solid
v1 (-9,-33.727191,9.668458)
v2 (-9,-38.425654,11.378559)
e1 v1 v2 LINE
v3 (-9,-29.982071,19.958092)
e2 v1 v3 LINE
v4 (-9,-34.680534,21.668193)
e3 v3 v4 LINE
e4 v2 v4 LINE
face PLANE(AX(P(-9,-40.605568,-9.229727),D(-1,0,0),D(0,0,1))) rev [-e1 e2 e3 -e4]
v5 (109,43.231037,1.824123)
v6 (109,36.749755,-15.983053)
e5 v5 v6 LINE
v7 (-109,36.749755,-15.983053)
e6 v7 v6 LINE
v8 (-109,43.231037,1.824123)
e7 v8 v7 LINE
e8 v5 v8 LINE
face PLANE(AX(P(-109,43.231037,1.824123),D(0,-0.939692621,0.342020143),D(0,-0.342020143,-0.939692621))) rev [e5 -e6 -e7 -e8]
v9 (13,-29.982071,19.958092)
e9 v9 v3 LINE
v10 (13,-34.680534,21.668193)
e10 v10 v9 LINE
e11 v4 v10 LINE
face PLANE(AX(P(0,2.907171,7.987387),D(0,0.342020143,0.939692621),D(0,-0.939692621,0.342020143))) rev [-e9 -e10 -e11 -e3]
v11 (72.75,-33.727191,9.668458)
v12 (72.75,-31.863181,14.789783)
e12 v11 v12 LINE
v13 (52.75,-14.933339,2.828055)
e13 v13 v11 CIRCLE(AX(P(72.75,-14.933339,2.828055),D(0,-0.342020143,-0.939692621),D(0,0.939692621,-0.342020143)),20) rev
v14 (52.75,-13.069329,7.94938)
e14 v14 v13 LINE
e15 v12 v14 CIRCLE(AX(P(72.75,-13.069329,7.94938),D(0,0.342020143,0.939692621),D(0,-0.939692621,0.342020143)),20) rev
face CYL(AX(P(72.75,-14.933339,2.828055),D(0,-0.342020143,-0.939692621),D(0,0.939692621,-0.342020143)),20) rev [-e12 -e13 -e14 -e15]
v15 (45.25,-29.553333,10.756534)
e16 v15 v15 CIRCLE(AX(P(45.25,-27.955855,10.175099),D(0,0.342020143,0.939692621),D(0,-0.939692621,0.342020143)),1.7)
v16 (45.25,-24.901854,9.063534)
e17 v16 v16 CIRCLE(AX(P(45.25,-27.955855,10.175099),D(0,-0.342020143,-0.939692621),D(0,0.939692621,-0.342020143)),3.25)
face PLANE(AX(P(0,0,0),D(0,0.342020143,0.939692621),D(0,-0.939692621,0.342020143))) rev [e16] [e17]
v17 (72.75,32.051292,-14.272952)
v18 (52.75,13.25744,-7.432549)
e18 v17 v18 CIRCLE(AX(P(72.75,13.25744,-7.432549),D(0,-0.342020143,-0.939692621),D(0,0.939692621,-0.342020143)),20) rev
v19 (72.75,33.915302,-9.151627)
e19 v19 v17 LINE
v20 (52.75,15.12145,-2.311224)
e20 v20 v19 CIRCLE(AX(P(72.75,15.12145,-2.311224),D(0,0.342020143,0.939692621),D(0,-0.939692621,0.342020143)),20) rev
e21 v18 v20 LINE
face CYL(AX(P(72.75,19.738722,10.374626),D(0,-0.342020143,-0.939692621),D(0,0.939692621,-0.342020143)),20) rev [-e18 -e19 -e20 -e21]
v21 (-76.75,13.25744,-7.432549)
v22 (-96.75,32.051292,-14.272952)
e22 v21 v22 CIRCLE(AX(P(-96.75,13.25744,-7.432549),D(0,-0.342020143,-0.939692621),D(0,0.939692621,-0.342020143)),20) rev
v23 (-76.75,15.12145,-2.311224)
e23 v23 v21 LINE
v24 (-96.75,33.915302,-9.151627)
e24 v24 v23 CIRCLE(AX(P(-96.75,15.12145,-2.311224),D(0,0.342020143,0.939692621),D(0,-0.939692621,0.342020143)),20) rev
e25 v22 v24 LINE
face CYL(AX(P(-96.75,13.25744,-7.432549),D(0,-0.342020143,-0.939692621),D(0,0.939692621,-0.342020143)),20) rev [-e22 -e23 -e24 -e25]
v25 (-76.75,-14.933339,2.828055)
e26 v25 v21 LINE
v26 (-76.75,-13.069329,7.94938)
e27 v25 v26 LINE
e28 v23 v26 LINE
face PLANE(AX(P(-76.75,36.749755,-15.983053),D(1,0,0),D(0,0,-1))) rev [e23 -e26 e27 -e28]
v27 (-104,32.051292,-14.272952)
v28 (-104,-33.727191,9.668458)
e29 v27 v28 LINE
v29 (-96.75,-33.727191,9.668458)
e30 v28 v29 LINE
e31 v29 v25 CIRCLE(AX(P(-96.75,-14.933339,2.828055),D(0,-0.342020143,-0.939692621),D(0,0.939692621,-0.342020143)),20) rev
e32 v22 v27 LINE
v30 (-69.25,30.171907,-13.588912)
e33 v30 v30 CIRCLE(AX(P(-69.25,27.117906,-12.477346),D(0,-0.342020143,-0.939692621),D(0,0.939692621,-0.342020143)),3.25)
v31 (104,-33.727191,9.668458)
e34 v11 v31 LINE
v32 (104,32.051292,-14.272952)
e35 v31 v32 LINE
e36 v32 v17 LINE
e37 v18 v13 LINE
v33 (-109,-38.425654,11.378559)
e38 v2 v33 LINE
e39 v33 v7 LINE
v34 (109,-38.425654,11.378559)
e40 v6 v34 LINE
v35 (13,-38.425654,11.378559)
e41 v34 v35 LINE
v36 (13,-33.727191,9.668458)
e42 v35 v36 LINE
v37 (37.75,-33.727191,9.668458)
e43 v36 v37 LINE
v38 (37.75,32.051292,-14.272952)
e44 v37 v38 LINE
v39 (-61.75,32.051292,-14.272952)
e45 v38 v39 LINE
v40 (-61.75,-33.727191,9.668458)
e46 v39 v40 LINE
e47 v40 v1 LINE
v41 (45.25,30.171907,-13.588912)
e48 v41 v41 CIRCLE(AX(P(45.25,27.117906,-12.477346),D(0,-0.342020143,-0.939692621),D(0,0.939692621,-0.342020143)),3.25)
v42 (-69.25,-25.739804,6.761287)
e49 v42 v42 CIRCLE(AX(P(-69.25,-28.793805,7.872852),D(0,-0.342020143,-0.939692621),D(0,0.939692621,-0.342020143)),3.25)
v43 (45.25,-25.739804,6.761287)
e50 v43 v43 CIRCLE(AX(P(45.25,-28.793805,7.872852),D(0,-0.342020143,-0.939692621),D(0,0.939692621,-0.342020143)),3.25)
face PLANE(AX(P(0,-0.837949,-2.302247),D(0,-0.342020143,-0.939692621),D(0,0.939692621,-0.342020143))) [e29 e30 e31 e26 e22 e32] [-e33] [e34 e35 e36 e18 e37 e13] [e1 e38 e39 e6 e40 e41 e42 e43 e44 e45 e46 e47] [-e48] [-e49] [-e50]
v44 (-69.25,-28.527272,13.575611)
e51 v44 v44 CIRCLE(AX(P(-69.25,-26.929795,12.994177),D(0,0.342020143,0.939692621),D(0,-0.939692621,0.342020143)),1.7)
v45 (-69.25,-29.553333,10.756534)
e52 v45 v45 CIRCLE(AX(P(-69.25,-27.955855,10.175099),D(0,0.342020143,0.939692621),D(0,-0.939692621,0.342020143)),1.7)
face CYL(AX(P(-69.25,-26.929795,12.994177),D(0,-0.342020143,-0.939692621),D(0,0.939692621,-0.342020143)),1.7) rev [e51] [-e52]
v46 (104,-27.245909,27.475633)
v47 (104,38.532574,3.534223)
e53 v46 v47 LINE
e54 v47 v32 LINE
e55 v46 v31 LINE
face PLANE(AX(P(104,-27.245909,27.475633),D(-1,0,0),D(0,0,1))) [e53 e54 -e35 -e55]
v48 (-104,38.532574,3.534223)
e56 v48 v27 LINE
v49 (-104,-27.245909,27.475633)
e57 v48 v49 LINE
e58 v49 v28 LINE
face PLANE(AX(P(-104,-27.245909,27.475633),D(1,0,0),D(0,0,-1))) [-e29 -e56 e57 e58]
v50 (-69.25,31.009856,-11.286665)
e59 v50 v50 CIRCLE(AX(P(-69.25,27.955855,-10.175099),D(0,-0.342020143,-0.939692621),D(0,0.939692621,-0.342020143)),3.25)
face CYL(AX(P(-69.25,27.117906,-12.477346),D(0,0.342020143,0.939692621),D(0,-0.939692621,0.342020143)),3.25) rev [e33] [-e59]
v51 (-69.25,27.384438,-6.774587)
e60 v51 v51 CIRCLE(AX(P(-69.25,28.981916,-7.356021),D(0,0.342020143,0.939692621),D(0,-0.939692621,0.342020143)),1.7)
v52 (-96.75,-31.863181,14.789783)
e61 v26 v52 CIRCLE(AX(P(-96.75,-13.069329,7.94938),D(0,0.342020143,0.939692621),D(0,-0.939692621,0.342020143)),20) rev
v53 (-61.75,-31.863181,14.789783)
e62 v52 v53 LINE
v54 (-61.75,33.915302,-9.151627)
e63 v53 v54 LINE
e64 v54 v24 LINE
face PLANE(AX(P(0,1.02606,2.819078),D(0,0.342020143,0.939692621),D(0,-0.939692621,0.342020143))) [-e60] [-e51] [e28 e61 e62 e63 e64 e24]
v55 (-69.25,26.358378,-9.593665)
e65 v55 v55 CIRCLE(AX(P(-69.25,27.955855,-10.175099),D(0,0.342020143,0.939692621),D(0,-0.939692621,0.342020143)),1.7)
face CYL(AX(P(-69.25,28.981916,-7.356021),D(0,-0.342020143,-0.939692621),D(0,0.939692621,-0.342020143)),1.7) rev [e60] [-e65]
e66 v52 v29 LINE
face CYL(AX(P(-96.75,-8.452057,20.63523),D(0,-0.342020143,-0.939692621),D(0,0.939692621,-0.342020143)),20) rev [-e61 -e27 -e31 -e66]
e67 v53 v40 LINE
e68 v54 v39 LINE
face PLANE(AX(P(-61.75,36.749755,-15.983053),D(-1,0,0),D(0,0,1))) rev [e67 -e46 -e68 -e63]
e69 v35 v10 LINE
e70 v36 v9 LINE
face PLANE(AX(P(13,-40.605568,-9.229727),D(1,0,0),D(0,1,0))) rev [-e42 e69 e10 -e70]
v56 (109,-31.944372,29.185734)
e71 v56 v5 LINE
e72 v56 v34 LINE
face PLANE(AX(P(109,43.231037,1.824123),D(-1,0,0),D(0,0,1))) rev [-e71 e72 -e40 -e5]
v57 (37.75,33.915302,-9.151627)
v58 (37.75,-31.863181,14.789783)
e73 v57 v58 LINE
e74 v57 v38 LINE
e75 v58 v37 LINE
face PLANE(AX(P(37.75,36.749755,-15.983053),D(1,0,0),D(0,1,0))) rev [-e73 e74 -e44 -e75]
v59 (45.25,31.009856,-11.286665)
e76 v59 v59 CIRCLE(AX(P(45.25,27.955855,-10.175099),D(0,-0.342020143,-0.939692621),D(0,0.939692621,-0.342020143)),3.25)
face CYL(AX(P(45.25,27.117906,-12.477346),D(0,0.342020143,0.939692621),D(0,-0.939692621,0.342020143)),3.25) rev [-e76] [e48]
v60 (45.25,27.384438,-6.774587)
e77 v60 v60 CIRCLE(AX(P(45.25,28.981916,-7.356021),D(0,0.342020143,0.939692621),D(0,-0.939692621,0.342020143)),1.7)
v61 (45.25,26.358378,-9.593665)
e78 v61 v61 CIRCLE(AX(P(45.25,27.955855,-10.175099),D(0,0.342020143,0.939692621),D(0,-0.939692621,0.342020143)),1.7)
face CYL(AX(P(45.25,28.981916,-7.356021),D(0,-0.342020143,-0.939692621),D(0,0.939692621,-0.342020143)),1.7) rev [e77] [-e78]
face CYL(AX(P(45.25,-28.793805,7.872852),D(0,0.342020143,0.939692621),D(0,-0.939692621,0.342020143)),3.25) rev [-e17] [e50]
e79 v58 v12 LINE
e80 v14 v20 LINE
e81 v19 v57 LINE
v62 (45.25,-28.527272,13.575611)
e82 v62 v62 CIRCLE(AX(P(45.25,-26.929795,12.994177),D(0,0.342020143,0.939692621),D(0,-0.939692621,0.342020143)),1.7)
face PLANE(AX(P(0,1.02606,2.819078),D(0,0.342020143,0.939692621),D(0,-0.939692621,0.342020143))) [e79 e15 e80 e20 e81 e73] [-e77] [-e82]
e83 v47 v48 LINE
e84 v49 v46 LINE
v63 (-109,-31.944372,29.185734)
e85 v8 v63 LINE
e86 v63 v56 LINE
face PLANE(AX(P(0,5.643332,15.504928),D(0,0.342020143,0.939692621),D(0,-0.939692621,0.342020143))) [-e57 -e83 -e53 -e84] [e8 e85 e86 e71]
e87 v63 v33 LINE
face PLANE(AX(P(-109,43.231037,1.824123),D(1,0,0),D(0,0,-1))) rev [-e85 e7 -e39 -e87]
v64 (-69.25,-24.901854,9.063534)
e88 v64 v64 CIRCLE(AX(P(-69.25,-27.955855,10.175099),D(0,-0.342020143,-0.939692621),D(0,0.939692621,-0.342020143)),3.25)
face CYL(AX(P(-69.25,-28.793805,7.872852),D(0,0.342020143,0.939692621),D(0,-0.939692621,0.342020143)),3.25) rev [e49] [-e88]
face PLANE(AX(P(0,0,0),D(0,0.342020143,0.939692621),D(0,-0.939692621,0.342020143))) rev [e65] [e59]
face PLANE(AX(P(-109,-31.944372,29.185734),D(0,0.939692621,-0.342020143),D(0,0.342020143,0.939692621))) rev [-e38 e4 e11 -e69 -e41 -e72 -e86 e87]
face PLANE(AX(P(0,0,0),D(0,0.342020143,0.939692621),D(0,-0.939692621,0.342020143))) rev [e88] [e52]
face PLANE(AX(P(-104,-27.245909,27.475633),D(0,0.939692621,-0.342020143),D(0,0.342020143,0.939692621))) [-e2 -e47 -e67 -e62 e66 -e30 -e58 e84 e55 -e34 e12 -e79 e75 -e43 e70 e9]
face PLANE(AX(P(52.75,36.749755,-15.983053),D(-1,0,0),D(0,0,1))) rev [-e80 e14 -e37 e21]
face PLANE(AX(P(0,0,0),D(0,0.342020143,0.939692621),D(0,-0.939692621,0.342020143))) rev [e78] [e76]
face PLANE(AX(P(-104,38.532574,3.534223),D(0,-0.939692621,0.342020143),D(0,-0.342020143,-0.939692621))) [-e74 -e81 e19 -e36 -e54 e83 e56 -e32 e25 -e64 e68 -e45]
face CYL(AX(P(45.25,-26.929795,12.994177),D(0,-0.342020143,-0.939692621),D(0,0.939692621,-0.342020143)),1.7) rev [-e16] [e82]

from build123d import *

# Parameters (mm, degrees)
ESQUISSE1_W             = 218
ESQUISSE1_H             = 80
ESQUISSE1_W_2           = 208
ESQUISSE1_H_2           = 70
BOSS_EXTRU_1_DEPTH      = 16.5
ESQUISSE2_W             = 15
ESQUISSE2_H             = 80
ESQUISSE2_R             = 3.25
BOSS_EXTRU_2_DEPTH      = 2.45
ESQUISSE3_W             = 22
ESQUISSE3_H             = 5
ENL_V_MAT_EXTRU_1_DEPTH = 16.5
ESQUISSE4_W             = 15
ESQUISSE4_H             = 70
ESQUISSE4_R             = 1.7
BOSS_EXTRU_3_DEPTH      = 3
CONG_1_R                = 20
ESQUISSE7_W             = 22
ESQUISSE7_H             = 5
BOSS_EXTRU_5_DEPTH      = 8
ESQUISSE8_W             = 52.75
ESQUISSE8_H             = 5
ESQUISSE8_W_2           = 24.75
ESQUISSE8_W_3           = 99.5
BOSS_EXTRU_6_DEPTH      = 2.45


with BuildPart() as part:
    # Esquisse1 → Boss.-Extru.1 (new body)
    with BuildSketch(Plane(origin=(0, 0, 0), x_dir=(1, 0, 0), z_dir=(0, 0.342020143, 0.939692621))):
        Rectangle(ESQUISSE1_W, ESQUISSE1_H)
        Rectangle(ESQUISSE1_W_2, ESQUISSE1_H_2, mode=Mode.SUBTRACT)
    extrude(amount=BOSS_EXTRU_1_DEPTH)

    # Esquisse2 → Boss.-Extru.2 (add)
    with BuildSketch(Plane(origin=(0, 0, 0), x_dir=(-1, 0, 0), z_dir=(0, -0.342020143, -0.939692621))):
        with Locations((-45.25, 0)):
            Rectangle(ESQUISSE2_W, ESQUISSE2_H)
        with Locations((-45.25, 29.75)):
            Circle(ESQUISSE2_R, mode=Mode.SUBTRACT)
        with Locations((-45.25, -29.75)):
            Circle(ESQUISSE2_R, mode=Mode.SUBTRACT)
        with Locations((69.25, 0)):
            Rectangle(ESQUISSE2_W, ESQUISSE2_H)
        with Locations((69.25, 29.75)):
            Circle(ESQUISSE2_R, mode=Mode.SUBTRACT)
        with Locations((69.25, -29.75)):
            Circle(ESQUISSE2_R, mode=Mode.SUBTRACT)
    extrude(amount=BOSS_EXTRU_2_DEPTH)

    # Esquisse3 → Enlèv. mat.-Extru.1 (cut)
    with BuildSketch(Plane(origin=(0, 5.643332365, 15.504928243), x_dir=(1, 0, 0), z_dir=(0, 0.342020143, 0.939692621))):
        with Locations((2, -37.5)):
            Rectangle(ESQUISSE3_W, ESQUISSE3_H)
    extrude(amount=-ENL_V_MAT_EXTRU_1_DEPTH, mode=Mode.SUBTRACT)

    # Esquisse4 → Boss.-Extru.3 (add)
    with BuildSketch(Plane(origin=(0, 0, 0), x_dir=(1, 0, 0), z_dir=(0, 0.342020143, 0.939692621))):
        with Locations((45.25, 0)):
            Rectangle(ESQUISSE4_W, ESQUISSE4_H)
        with Locations((45.25, -29.75)):
            Circle(ESQUISSE4_R, mode=Mode.SUBTRACT)
        with Locations((45.25, 29.75)):
            Circle(ESQUISSE4_R, mode=Mode.SUBTRACT)
        with Locations((-69.25, 0)):
            Rectangle(ESQUISSE4_W, ESQUISSE4_H)
        with Locations((-69.25, 29.75)):
            Circle(ESQUISSE4_R, mode=Mode.SUBTRACT)
        with Locations((-69.25, -29.75)):
            Circle(ESQUISSE4_R, mode=Mode.SUBTRACT)
    extrude(amount=BOSS_EXTRU_3_DEPTH)

    # Congé1
    cong_1_edges = [part.edges().sort_by_distance(p)[0] for p in [
        (52.75, -32.376211513, 13.380243948),
        (52.75, 33.402271942, -10.561166085),
        (-76.75, 33.402271942, -10.561166085),
        (-76.75, -32.376211513, 13.380243948),
    ]]
    fillet(cong_1_edges, radius=CONG_1_R)

    # Esquisse7 → Boss.-Extru.5 (add)
    with BuildSketch(Plane(origin=(0, 5.643332365, 15.504928243), x_dir=(1, 0, 0), z_dir=(0, 0.342020143, 0.939692621))):
        with Locations((2, -37.5)):
            Rectangle(ESQUISSE7_W, ESQUISSE7_H)
    extrude(amount=-BOSS_EXTRU_5_DEPTH)

    # Esquisse8 → Boss.-Extru.6 (add)
    with BuildSketch(Plane(origin=(0, 0, 0), x_dir=(-1, 0, 0), z_dir=(0, -0.342020143, -0.939692621))):
        with BuildLine():
            Line((76.75, -15), (76.75, -40))
            Line((76.75, -40), (109, -40))
            Line((109, -40), (109, 40))
            Line((109, 40), (76.75, 40))
            Line((76.75, 40), (76.75, 15))
            ThreePointArc((76.75, 15), (82.607864376, 29.142135624), (96.75, 35))
            Line((96.75, 35), (104, 35))
            Line((104, 35), (104, -35))
            Line((104, -35), (96.75, -35))
            ThreePointArc((96.75, -35), (82.607864376, -29.142135624), (76.75, -15))
        make_face()
        with BuildLine():
            Line((-52.75, 15), (-52.75, 40))
            Line((-52.75, 40), (-109, 40))
            Line((-109, 40), (-109, -40))
            Line((-109, -40), (-52.75, -40))
            Line((-52.75, -40), (-52.75, -15))
            ThreePointArc((-52.75, -15), (-58.607864376, -29.142135624), (-72.75, -35))
            Line((-72.75, -35), (-104, -35))
            Line((-104, -35), (-104, 35))
            Line((-104, 35), (-72.75, 35))
            ThreePointArc((-72.75, 35), (-58.607864376, 29.142135624), (-52.75, 15))
        make_face()
        with Locations((35.375, -37.5)):
            Rectangle(ESQUISSE8_W, ESQUISSE8_H)
        with Locations((-25.375, -37.5)):
            Rectangle(ESQUISSE8_W_2, ESQUISSE8_H)
        with Locations((12, 37.5)):
            Rectangle(ESQUISSE8_W_3, ESQUISSE8_H)
    extrude(amount=BOSS_EXTRU_6_DEPTH)


solid = part.part
